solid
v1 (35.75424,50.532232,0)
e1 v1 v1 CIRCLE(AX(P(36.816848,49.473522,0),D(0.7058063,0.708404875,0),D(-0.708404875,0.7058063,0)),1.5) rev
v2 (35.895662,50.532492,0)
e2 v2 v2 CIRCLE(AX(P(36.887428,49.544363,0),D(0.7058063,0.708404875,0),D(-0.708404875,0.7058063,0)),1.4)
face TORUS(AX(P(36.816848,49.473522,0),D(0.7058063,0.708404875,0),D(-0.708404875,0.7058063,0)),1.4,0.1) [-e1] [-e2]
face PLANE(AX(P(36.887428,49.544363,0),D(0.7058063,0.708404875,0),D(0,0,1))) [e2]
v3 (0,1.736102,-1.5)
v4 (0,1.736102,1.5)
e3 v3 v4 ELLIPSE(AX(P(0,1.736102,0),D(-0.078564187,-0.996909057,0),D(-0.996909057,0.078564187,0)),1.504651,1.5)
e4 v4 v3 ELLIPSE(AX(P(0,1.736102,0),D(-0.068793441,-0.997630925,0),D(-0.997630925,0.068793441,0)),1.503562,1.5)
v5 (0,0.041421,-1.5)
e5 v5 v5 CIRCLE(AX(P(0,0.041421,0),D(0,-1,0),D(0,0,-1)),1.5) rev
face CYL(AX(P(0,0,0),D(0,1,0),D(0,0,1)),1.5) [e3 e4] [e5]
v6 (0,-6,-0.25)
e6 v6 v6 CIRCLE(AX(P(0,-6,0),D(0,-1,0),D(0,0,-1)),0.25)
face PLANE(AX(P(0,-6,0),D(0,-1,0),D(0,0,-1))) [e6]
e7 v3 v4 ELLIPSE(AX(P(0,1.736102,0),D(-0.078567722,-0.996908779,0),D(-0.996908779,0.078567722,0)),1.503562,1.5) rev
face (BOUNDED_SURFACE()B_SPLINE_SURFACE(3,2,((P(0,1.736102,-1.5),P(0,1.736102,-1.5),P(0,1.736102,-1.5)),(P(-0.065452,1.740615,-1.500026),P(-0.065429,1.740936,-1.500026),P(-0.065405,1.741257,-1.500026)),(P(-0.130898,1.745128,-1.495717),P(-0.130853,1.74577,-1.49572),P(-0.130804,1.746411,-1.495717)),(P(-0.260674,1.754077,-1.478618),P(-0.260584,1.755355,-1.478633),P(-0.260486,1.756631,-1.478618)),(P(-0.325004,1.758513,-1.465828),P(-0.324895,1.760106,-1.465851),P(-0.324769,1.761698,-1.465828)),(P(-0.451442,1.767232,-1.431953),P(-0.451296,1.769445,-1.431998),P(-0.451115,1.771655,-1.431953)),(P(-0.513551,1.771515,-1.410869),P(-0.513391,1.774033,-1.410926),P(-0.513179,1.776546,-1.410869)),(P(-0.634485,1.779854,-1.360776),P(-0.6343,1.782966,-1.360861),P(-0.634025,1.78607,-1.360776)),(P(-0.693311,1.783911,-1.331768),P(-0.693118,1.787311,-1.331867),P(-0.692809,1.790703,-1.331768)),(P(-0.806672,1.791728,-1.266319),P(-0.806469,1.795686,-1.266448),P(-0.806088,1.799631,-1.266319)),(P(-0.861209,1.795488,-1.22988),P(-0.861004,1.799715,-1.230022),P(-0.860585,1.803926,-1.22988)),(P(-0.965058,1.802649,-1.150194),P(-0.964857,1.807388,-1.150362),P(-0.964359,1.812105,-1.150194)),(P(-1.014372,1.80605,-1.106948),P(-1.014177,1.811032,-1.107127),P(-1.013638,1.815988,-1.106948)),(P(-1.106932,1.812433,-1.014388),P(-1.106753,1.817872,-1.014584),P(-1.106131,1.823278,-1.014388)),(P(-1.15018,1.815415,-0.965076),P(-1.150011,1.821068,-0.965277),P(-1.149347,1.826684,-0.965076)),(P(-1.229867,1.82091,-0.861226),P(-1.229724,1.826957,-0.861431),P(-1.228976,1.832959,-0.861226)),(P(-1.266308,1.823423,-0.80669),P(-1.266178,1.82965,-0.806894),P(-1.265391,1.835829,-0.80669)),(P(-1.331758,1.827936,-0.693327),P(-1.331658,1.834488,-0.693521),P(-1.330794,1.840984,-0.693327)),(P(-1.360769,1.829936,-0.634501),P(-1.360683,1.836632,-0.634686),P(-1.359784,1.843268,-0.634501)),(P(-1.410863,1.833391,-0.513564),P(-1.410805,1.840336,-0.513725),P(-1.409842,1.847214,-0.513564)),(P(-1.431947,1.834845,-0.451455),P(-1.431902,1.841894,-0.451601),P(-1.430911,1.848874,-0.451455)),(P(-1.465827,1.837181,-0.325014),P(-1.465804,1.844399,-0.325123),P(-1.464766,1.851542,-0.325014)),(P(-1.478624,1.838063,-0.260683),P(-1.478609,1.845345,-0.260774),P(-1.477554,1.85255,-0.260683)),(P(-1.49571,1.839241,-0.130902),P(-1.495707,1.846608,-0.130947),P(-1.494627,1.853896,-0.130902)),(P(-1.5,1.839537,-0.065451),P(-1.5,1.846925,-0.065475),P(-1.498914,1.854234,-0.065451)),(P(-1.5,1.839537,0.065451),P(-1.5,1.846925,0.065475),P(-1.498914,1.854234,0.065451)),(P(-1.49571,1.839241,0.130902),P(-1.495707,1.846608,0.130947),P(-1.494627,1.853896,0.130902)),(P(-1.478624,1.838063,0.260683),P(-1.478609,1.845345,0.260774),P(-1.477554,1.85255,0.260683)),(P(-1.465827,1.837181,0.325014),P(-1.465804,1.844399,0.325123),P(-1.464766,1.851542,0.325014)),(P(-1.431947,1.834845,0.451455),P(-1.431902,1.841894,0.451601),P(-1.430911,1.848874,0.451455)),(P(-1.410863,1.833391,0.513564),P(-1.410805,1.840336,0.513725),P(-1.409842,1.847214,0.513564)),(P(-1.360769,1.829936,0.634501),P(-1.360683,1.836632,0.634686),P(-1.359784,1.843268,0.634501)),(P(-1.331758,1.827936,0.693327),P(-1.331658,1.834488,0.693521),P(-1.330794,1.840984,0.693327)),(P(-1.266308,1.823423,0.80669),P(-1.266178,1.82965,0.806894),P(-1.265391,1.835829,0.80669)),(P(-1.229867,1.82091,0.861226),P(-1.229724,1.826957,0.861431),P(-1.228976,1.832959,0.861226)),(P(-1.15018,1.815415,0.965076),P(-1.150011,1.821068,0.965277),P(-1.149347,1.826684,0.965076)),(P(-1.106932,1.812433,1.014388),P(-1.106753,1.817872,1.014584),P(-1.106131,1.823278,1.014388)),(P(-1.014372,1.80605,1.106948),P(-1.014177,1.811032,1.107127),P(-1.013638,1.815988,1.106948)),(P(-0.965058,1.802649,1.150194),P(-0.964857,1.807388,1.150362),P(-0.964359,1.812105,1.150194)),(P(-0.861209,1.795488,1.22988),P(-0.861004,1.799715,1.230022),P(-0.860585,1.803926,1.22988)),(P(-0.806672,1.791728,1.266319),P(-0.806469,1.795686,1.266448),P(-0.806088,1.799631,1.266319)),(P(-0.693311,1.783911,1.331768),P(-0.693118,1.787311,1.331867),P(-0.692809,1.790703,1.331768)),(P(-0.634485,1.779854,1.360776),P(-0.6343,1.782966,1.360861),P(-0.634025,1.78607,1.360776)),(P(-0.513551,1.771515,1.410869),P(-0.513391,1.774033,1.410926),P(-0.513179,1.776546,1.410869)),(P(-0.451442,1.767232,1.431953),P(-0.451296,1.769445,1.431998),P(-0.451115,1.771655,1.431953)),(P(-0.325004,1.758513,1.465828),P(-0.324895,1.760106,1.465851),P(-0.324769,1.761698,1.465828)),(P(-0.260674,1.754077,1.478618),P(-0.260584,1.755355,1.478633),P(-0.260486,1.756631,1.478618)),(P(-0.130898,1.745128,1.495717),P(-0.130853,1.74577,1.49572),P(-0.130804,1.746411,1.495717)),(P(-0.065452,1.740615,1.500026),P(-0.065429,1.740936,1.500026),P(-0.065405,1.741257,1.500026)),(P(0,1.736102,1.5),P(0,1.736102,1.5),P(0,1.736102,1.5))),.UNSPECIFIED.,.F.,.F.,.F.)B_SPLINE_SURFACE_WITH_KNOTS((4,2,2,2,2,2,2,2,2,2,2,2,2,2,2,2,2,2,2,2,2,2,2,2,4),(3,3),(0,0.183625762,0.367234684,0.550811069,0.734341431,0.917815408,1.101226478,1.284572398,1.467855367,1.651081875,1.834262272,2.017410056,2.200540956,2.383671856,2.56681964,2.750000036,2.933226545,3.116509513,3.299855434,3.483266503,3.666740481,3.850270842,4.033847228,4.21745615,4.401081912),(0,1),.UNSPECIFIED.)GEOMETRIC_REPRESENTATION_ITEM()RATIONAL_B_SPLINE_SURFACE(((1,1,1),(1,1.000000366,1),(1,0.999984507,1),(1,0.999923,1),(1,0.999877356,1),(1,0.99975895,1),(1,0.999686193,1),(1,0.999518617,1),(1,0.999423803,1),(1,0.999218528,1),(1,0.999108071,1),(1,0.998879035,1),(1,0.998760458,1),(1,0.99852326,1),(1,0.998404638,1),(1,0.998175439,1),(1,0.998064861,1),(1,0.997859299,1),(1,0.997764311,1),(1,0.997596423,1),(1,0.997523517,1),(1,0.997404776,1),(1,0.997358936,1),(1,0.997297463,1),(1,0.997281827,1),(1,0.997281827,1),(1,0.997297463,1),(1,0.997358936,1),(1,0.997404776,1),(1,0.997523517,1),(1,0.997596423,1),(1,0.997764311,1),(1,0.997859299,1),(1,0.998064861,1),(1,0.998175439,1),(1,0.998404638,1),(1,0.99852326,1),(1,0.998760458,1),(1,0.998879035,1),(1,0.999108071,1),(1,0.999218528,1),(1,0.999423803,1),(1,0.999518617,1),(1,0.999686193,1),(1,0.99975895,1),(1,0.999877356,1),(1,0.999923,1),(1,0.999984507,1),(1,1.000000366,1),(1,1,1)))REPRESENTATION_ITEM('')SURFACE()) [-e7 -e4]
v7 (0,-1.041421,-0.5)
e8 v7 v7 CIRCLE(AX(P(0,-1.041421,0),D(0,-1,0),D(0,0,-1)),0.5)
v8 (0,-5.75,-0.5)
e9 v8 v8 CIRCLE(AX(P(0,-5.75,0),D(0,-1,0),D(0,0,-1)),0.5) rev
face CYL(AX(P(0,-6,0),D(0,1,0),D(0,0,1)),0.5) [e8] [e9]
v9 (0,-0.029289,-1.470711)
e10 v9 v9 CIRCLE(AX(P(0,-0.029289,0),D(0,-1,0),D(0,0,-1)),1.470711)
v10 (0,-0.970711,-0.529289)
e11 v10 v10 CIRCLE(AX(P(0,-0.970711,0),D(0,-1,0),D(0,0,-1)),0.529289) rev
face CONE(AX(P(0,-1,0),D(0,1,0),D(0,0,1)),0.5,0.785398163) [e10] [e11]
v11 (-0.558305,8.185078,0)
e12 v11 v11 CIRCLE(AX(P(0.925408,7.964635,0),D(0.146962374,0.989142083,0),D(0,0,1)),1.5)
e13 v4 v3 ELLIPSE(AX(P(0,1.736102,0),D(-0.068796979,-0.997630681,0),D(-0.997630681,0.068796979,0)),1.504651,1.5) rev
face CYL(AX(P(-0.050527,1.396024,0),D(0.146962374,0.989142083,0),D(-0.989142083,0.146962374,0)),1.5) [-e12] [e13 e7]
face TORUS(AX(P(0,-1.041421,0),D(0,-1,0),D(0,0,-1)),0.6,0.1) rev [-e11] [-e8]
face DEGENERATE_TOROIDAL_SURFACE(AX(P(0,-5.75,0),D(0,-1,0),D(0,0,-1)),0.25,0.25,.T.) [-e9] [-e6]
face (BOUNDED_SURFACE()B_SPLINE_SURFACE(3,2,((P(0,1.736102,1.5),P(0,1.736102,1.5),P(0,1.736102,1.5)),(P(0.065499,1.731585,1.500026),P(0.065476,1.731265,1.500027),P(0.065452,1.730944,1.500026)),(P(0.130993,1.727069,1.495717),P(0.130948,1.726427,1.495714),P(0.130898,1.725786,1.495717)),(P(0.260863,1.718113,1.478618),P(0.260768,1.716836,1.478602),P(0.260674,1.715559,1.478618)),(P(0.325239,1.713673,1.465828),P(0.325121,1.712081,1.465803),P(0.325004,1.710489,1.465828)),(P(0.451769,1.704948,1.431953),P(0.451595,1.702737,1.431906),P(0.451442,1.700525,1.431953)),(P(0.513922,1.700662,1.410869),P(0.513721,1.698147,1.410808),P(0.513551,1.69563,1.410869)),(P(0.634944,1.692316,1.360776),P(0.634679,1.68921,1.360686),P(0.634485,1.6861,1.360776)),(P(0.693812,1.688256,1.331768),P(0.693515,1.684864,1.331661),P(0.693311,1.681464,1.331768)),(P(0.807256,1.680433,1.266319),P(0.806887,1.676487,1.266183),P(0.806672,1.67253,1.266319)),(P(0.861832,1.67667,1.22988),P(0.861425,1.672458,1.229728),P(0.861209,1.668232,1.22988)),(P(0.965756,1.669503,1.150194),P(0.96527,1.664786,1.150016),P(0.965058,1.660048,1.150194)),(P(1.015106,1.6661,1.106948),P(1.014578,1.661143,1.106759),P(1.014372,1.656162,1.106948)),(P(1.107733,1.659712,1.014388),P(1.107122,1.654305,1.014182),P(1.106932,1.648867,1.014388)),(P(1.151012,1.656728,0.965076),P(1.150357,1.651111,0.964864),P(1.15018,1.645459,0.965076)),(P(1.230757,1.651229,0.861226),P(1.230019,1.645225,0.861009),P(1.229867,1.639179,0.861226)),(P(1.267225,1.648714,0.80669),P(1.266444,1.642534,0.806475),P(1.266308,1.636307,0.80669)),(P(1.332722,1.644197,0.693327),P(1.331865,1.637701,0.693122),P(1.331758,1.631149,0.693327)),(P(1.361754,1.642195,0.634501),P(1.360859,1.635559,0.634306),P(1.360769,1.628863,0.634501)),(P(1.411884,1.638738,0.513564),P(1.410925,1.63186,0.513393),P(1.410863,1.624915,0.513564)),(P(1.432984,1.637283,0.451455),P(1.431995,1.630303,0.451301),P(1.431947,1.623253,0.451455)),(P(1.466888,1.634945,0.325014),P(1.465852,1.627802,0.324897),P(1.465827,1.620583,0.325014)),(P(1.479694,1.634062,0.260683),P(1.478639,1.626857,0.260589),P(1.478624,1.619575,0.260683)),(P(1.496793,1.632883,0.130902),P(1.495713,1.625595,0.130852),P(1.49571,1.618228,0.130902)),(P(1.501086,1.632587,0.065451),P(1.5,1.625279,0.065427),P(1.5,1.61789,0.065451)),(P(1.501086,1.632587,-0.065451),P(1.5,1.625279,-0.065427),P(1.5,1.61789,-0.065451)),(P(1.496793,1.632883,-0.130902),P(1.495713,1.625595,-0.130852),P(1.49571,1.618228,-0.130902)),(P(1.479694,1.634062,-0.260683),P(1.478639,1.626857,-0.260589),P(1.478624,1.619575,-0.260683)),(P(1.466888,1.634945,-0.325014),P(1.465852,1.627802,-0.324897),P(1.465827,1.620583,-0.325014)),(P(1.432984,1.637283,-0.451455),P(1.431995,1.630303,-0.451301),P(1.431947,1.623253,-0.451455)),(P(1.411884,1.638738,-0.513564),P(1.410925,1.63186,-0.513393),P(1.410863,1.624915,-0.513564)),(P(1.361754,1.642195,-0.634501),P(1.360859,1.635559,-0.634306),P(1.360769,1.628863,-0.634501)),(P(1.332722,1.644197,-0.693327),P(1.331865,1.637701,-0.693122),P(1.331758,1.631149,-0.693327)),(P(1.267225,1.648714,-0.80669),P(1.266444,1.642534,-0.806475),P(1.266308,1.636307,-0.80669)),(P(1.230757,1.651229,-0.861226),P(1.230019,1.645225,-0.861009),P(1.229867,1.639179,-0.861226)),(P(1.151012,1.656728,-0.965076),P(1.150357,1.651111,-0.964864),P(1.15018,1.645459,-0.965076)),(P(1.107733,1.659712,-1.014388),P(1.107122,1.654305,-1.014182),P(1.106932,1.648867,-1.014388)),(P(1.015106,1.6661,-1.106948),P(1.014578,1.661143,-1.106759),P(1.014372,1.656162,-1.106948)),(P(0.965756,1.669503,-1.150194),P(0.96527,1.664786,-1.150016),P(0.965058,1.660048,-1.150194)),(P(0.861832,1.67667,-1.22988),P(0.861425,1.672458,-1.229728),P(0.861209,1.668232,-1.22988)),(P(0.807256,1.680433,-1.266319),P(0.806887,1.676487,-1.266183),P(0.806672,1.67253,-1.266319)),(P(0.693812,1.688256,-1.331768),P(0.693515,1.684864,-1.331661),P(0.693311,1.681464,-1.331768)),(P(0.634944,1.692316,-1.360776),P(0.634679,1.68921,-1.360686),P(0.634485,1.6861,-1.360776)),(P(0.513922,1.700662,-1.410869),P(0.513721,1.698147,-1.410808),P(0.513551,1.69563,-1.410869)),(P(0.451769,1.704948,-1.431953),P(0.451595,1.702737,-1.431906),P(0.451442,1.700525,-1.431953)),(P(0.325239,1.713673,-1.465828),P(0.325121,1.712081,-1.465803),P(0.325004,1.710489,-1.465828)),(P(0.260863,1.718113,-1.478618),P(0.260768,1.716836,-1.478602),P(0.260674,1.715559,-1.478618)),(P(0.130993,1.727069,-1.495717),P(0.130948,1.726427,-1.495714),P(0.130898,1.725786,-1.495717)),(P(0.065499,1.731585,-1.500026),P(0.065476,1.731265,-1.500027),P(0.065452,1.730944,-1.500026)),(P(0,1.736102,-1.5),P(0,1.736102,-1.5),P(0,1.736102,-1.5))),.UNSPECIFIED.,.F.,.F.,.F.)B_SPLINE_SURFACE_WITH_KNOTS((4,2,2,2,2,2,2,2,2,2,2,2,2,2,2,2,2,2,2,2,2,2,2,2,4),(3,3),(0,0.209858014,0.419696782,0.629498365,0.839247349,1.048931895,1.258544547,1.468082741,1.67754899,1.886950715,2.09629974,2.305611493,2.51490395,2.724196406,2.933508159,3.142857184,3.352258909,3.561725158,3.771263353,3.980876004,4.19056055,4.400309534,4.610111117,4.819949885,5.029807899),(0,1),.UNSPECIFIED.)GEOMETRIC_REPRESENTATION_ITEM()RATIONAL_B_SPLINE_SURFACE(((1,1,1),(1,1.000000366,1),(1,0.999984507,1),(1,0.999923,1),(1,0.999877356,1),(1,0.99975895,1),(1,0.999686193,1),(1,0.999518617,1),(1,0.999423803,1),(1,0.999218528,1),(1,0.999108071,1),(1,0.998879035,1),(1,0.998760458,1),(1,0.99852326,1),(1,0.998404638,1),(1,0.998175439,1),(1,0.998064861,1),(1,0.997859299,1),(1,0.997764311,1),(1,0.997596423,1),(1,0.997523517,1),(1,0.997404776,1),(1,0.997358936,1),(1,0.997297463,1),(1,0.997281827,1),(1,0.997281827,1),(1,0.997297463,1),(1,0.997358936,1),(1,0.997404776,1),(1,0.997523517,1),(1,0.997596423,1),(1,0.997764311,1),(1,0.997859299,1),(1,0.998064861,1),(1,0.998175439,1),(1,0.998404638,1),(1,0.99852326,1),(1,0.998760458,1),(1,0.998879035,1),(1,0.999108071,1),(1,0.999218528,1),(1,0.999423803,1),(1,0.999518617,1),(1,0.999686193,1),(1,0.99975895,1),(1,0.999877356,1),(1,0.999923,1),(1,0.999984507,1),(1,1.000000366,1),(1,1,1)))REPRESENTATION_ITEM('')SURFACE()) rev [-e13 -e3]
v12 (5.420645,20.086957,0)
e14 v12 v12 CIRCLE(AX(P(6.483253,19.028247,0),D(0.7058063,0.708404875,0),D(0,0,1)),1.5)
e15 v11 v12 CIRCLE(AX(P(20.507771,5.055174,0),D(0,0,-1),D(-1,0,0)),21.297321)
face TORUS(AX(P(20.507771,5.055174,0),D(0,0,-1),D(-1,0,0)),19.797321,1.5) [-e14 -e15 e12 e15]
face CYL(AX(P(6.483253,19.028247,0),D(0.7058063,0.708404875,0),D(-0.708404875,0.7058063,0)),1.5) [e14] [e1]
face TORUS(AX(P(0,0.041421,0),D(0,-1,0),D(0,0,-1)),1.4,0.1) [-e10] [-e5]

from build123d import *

# Parameters (mm, degrees)
SKETCH1_R           = 1.5
SKETCH3_R           = 0.5
BOSS_EXTRUDE1_DEPTH = 5
FILLET3_R           = 0.25
FILLET4_R           = 0.1
FILLET5_R           = 0.1


with BuildPart() as part:
    # Sweep1: sweep along a path in Sketch2
    with BuildLine(Plane.XY) as sweep1_path:
        Line((0, 0), (0, 1.73610206))
        Line((0, 1.73610206), (0.925407967, 7.964634839))
        ThreePointArc((0.925407967, 7.964634839), (2.817194406, 13.942096973), (6.483252605, 19.028247459))
        Line((6.483252605, 19.028247459), (36.887428436, 49.54436271))
    # Sketch1 → Sweep1 (sweep)
    with BuildSketch(Plane(origin=(0, 0, 0), x_dir=(1, 0, 0), z_dir=(0, 1, 0))):
        Circle(SKETCH1_R)
    sweep(path=sweep1_path.line, transition=Transition.RIGHT)



with BuildPart() as body_2:
    # Sketch3 → Boss-Extrude1 (new body)
    with BuildSketch(Plane(origin=(0, -1, 0), x_dir=(-1, 0, 0), z_dir=(0, -1, 0))):
        with Locations(Location((0, 0, 0), (0, 0, 90))):
            Circle(SKETCH3_R)
    extrude(amount=BOSS_EXTRUDE1_DEPTH)


with BuildPart() as part_1:
    add(part.part)

    add(body_2.part)  # loft1 joins it to this body
    # loft from a face of the part (loft1)
    loft([part_1.faces().sort_by_distance((0, 0, 0))[0], part_1.faces().sort_by_distance((0, -1, 0))[0]])

    # Fillet3
    fillet3_edges = [part_1.edges().sort_by_distance(p)[0] for p in [
        (0, -6, 0.5),
    ]]
    fillet(fillet3_edges, radius=FILLET3_R)

    # Fillet4
    fillet4_edges = [part_1.edges().sort_by_distance(p)[0] for p in [
        (-1.5, 0, 0),
        (35.824821123, 50.603072159, 0),
    ]]
    fillet(fillet4_edges, radius=FILLET4_R)

    # Fillet5
    fillet5_edges = [part_1.edges().sort_by_distance(p)[0] for p in [
        (0.353553391, -1, -0.353553391),
    ]]
    fillet(fillet5_edges, radius=FILLET5_R)


solid = part_1.part
